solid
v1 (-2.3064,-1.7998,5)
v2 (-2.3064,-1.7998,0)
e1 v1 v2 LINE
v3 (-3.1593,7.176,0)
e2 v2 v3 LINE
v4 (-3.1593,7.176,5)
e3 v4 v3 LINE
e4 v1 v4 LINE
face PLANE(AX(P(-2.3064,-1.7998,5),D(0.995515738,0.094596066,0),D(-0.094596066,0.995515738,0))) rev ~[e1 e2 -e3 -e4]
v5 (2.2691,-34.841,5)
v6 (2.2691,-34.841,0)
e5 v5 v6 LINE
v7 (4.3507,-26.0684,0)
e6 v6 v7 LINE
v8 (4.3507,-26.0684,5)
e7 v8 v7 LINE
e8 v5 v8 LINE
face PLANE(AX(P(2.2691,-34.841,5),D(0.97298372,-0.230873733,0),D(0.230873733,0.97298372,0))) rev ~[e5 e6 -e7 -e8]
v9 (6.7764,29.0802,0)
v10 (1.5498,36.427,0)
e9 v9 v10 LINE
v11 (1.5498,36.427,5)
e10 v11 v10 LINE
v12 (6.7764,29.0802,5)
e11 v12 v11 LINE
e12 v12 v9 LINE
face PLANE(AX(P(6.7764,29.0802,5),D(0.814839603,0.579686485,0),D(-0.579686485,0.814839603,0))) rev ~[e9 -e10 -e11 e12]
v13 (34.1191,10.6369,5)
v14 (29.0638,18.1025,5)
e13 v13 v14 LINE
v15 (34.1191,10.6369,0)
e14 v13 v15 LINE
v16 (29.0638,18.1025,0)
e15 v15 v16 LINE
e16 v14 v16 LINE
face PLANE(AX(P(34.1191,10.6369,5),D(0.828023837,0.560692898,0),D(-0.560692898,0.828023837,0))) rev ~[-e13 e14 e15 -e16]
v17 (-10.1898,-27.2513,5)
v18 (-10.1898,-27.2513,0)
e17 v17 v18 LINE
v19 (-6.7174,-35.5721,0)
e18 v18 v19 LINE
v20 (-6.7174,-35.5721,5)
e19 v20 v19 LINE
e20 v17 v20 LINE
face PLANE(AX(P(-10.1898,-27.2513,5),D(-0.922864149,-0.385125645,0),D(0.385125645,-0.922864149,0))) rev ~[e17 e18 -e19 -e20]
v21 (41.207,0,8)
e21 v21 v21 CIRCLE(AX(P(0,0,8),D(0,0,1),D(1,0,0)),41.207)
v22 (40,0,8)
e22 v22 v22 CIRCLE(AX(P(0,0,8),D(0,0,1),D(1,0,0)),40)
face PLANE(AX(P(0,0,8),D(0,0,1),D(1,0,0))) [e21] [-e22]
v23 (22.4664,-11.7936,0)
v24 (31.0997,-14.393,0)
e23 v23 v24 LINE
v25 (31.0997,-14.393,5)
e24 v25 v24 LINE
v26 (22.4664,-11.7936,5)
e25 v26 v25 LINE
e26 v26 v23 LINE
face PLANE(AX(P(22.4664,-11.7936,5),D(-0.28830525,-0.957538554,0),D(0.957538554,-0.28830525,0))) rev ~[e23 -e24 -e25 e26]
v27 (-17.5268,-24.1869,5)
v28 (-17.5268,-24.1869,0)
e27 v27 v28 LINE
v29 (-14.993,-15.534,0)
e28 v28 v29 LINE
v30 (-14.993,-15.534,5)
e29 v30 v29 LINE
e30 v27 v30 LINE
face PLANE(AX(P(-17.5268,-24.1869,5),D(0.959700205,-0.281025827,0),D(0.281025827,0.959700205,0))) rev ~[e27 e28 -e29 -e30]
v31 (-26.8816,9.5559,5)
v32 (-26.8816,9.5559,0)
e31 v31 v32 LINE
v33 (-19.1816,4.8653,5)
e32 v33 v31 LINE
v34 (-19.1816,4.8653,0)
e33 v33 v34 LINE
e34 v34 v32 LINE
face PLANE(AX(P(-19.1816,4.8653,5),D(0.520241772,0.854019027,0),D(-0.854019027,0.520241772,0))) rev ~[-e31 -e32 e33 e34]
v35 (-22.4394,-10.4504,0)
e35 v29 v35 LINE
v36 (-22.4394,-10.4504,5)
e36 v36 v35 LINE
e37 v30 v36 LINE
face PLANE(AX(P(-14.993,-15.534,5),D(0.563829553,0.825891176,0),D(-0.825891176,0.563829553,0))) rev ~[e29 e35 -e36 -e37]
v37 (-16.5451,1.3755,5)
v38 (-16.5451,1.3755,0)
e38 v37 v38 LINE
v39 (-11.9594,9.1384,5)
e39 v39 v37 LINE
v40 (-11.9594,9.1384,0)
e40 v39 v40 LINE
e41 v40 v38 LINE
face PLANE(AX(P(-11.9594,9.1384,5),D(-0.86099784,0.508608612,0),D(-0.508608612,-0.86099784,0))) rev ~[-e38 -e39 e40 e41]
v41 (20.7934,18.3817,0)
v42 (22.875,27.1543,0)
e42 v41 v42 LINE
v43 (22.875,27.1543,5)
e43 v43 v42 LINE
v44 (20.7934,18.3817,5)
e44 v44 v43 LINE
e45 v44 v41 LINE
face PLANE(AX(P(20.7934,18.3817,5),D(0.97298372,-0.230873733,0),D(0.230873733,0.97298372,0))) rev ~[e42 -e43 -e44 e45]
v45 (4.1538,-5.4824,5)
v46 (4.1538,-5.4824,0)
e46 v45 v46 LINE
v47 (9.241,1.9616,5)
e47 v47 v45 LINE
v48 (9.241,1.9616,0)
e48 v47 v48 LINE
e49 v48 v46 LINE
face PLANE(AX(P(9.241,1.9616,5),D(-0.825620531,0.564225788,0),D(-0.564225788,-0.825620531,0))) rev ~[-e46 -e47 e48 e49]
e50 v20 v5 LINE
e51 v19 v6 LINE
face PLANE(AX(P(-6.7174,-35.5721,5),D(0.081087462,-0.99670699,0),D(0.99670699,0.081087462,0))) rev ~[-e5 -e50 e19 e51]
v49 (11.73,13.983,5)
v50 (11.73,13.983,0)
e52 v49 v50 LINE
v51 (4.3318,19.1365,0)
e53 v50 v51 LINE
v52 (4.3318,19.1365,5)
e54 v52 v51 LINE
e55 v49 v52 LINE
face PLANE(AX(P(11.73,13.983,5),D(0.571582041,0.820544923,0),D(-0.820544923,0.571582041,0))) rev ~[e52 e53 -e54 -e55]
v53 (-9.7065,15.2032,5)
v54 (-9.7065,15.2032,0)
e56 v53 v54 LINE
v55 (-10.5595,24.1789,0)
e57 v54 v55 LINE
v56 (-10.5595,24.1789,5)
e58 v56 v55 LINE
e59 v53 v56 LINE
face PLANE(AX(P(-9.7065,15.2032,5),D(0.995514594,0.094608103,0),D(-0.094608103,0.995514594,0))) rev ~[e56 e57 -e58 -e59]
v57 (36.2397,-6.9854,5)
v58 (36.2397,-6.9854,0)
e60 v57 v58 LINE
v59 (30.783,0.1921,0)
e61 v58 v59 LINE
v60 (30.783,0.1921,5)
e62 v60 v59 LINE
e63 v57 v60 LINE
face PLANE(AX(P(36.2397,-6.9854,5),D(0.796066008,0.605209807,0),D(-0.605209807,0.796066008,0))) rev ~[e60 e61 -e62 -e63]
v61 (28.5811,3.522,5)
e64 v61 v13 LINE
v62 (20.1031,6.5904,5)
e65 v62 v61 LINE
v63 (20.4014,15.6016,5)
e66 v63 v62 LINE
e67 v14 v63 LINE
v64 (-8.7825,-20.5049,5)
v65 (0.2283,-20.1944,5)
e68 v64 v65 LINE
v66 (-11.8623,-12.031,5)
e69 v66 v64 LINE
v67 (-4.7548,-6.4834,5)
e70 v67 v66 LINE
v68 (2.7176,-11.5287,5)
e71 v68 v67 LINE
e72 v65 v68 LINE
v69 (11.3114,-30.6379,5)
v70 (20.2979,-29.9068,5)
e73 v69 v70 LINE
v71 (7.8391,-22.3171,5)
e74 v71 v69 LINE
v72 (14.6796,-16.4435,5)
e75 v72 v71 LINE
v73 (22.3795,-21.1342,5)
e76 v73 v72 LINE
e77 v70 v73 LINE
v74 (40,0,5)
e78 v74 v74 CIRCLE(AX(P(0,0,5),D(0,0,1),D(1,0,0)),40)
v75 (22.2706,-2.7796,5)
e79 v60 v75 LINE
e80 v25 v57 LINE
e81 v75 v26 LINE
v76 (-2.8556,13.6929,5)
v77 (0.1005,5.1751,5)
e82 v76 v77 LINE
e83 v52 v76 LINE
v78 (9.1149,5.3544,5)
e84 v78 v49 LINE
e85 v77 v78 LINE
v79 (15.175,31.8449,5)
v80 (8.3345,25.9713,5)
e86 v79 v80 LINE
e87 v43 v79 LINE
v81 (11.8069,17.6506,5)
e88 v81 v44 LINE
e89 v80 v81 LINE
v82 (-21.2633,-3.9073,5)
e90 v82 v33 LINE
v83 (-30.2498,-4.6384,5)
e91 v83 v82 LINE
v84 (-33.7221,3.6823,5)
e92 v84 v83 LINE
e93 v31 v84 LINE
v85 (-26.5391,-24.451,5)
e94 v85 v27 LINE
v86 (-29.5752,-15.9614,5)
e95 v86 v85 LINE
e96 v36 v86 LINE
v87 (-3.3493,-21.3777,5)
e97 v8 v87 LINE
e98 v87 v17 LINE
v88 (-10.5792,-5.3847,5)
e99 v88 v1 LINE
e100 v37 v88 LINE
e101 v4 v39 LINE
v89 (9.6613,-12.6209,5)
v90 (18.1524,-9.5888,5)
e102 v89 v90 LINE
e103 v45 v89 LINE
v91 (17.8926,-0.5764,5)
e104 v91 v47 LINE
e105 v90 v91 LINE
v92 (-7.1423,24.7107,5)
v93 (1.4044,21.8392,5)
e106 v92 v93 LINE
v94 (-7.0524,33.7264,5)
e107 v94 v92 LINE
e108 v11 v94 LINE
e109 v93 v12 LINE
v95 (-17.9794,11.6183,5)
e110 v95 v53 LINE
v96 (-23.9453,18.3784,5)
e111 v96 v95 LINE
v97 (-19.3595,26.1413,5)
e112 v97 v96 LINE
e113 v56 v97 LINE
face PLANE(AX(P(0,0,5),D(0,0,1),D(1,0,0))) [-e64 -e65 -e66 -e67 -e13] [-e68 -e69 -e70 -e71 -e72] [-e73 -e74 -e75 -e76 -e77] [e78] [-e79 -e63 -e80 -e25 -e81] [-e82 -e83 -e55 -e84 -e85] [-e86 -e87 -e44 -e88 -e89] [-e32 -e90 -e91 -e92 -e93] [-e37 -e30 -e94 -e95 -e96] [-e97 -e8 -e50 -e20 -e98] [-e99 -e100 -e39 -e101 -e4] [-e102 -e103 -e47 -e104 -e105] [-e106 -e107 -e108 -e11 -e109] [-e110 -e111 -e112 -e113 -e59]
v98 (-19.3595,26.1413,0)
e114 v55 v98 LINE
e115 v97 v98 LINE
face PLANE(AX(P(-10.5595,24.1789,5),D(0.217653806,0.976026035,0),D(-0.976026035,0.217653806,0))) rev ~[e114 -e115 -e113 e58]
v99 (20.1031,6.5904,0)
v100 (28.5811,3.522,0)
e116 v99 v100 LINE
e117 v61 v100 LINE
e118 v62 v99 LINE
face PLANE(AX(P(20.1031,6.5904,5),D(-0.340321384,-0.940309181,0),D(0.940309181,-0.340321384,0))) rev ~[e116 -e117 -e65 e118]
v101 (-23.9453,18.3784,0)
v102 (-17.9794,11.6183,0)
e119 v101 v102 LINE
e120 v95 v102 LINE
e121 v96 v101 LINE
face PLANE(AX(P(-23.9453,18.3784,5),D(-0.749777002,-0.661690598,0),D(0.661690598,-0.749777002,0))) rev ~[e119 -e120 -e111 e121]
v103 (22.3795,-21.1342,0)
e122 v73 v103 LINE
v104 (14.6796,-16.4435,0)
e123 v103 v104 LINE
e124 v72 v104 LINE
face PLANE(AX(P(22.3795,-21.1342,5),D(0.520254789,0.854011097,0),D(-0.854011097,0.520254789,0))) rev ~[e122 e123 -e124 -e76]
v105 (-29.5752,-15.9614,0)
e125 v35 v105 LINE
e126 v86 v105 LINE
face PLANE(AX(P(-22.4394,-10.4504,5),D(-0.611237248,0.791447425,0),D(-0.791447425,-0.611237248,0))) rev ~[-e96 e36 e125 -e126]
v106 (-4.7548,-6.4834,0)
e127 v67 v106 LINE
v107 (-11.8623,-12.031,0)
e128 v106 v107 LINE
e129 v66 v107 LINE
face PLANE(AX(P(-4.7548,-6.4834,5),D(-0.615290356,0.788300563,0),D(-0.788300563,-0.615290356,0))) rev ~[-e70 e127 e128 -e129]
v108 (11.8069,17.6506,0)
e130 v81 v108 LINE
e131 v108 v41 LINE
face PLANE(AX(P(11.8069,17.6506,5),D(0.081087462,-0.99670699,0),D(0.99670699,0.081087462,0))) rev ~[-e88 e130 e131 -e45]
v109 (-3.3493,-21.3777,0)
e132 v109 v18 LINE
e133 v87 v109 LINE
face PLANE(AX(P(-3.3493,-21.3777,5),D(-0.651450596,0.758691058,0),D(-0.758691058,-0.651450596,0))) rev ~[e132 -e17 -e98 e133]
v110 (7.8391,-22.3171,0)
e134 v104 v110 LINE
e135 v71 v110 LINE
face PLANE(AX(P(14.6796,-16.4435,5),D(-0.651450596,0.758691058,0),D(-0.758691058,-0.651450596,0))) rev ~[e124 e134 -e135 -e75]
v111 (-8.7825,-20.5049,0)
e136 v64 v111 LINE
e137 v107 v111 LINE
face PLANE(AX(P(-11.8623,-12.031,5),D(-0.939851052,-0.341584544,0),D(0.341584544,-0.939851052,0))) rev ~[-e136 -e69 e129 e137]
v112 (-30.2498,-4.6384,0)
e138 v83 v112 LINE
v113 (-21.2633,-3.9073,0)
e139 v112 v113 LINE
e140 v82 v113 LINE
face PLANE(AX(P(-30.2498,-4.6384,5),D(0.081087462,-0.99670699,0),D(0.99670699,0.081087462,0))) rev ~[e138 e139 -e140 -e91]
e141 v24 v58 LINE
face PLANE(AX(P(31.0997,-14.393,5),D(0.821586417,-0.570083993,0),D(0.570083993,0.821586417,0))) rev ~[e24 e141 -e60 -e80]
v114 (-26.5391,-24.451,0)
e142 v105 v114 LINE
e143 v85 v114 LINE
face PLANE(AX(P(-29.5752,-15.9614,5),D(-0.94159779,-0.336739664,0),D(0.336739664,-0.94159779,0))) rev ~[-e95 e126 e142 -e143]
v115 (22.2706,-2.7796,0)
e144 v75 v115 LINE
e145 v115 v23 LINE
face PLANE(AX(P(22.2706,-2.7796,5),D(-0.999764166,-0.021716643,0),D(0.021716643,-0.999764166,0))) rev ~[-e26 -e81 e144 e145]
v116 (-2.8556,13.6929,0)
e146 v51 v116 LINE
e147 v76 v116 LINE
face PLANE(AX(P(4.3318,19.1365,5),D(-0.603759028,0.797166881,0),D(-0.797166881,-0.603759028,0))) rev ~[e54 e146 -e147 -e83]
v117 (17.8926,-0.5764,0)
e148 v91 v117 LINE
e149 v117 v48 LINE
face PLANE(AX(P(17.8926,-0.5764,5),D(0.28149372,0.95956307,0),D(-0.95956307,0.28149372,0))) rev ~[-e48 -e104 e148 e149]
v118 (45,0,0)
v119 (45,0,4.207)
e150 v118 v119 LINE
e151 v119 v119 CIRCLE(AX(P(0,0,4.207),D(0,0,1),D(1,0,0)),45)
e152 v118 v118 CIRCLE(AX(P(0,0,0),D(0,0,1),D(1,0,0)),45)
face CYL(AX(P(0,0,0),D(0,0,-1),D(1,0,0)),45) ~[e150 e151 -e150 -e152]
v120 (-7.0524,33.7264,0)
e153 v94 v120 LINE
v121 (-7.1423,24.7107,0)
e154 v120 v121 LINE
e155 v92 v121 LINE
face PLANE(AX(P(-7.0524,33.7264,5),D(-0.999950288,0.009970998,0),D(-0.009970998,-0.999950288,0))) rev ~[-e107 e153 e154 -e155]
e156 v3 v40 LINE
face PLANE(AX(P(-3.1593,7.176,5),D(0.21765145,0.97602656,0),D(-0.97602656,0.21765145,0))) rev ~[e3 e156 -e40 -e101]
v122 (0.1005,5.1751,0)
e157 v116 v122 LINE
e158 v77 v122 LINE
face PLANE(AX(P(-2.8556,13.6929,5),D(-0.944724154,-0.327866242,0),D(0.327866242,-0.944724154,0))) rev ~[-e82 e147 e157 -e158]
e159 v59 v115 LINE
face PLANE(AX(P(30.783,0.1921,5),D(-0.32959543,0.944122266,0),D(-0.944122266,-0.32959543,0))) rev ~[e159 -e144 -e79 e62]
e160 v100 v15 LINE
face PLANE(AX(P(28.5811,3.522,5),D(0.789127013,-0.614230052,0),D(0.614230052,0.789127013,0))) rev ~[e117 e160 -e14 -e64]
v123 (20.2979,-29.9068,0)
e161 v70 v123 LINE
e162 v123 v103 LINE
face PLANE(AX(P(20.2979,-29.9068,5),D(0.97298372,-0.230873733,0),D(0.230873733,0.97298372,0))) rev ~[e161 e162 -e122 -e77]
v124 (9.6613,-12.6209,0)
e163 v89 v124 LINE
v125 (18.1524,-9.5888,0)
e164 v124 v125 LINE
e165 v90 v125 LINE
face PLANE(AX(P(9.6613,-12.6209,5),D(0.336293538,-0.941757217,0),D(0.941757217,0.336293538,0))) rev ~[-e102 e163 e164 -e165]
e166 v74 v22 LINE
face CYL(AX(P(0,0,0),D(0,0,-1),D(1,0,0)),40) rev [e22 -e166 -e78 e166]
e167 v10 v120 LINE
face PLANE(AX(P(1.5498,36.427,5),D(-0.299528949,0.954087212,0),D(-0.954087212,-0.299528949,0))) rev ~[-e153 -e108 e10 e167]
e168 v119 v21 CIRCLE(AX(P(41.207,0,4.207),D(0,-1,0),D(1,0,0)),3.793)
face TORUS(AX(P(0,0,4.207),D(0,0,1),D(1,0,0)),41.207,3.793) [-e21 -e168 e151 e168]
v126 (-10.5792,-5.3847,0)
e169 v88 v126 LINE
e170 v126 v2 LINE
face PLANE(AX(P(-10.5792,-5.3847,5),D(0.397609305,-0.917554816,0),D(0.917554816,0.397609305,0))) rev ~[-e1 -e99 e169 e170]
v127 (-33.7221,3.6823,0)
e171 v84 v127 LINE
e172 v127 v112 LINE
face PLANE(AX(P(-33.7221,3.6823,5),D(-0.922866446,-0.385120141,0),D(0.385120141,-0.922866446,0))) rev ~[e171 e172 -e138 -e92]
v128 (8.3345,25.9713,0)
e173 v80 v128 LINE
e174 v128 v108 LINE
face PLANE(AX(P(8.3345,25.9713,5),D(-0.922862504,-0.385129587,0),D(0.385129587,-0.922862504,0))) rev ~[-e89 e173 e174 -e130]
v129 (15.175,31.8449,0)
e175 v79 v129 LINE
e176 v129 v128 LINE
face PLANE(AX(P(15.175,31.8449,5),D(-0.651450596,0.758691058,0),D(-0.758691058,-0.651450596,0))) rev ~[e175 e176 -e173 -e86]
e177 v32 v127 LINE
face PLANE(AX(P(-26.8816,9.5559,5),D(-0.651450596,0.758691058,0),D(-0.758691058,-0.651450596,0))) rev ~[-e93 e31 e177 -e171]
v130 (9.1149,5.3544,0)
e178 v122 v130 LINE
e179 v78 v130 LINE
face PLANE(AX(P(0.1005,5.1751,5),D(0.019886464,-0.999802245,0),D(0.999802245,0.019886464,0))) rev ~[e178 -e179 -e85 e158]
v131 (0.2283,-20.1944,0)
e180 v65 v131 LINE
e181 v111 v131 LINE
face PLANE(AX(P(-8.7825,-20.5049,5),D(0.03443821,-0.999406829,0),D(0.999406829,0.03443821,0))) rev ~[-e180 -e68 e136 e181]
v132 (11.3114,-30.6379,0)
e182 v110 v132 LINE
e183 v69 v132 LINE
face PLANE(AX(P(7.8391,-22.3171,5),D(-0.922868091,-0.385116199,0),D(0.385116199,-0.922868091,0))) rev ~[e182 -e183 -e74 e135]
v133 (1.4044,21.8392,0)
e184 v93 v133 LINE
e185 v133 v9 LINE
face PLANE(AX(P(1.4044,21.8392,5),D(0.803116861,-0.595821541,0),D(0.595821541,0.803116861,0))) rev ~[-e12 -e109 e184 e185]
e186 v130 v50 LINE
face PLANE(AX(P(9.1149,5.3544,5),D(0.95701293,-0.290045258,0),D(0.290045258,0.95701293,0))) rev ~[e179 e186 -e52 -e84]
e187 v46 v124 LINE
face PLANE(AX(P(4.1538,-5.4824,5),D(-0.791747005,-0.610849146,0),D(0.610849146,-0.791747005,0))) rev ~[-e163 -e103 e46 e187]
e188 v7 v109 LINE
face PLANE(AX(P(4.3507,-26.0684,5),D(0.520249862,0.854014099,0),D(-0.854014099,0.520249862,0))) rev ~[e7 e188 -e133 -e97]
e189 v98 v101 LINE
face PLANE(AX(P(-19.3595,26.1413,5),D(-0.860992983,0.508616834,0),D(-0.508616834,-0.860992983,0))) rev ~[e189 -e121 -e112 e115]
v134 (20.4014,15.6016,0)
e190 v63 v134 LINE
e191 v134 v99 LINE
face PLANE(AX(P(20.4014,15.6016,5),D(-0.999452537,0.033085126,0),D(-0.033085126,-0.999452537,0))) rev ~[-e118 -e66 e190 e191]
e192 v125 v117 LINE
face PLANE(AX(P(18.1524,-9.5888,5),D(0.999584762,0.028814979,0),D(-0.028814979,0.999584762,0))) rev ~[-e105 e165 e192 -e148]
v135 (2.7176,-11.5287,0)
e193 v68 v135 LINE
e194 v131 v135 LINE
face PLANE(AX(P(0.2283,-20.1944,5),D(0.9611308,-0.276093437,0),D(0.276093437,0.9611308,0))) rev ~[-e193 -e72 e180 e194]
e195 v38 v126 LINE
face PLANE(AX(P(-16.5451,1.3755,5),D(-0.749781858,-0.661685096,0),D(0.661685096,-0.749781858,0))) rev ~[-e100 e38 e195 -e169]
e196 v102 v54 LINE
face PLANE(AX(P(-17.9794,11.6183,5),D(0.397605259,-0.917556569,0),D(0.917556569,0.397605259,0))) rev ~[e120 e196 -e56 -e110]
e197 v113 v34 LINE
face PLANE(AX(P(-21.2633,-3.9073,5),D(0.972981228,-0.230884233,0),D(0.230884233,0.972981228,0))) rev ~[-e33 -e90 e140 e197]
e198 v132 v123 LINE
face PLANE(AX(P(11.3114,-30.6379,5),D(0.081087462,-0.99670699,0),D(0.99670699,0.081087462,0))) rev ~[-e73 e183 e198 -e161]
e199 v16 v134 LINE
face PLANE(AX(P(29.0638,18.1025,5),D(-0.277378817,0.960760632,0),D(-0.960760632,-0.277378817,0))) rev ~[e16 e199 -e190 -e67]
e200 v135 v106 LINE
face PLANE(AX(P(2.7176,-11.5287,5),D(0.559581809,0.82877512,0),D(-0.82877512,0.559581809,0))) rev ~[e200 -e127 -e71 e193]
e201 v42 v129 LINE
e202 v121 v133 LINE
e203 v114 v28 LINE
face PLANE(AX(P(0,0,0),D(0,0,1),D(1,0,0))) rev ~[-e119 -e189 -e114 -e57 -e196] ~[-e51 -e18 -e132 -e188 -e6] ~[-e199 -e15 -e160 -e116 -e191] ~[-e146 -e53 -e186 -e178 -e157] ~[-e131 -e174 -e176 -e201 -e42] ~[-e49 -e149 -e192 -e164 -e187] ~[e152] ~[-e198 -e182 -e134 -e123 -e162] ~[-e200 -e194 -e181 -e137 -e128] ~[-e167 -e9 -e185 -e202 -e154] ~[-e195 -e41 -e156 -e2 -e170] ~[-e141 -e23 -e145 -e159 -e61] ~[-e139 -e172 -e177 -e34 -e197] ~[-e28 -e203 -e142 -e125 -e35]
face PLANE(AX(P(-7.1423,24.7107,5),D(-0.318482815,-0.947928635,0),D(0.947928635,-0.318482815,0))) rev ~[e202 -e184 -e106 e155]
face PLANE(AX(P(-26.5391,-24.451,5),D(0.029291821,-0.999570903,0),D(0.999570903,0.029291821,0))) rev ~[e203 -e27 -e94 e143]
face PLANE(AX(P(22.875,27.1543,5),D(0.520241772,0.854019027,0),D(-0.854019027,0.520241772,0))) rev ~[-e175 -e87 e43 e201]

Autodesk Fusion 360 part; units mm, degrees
sketch "Sketch1" plane through (0, 0, 0) normal (0, 0, 1) x (1, 0, 0)
  circle A0 centre (0, 0) radius 45
  circle A1 centre (0, 0) radius 40
  dimension "d1" = 90
  dimension "d2" = -5
extrude "Extrude1" add sketch "Sketch1" along normal blind 8
extrude "Extrude2" add sketch "Sketch1" along normal blind 5 contours A1
sketch "Sketch2" plane through (0, 0, 5) normal (0, 0, 1) x (-1, 0, 0)
  line L0 (9.7065, -15.2032) -> (10.5595, -24.1789)
  line L1 (10.5595, -24.1789) -> (19.3595, -26.1413)
  line L2 (19.3595, -26.1413) -> (23.9453, -18.3784)
  line L3 (23.9453, -18.3784) -> (17.9794, -11.6183)
  line L4 (17.9794, -11.6183) -> (9.7065, -15.2032)
  line L5 (2.3064, 1.7998) -> (3.1593, -7.176)
  line L6 (16.5451, -1.3755) -> (10.5792, 5.3847)
  line L7 (10.5792, 5.3847) -> (2.3064, 1.7998)
  line L8 (3.1593, -7.176) -> (11.9594, -9.1384)
  line L9 (11.9594, -9.1384) -> (16.5451, -1.3755)
  line L10 (-0.1005, -5.1751) -> (-9.1149, -5.3544)
  line L11 (-11.73, -13.983) -> (-4.3318, -19.1365)
  line L12 (-4.3318, -19.1365) -> (2.8556, -13.6929)
  line L13 (-9.1149, -5.3544) -> (-11.73, -13.983)
  line L14 (2.8556, -13.6929) -> (-0.1005, -5.1751)
  line L15 (17.5268, 24.1869) -> (14.993, 15.534)
  line L16 (22.4394, 10.4504) -> (29.5752, 15.9614)
  line L17 (29.5752, 15.9614) -> (26.5391, 24.451)
  line L18 (14.993, 15.534) -> (22.4394, 10.4504)
  line L19 (26.5391, 24.451) -> (17.5268, 24.1869)
  line L20 (33.7221, -3.6823) -> (30.2498, 4.6384)
  line L21 (30.2498, 4.6384) -> (21.2633, 3.9073)
  line L22 (19.1816, -4.8653) -> (26.8816, -9.5559)
  line L23 (21.2633, 3.9073) -> (19.1816, -4.8653)
  line L24 (26.8816, -9.5559) -> (33.7221, -3.6823)
  line L25 (7.0524, -33.7264) -> (7.1423, -24.7107)
  line L26 (7.1423, -24.7107) -> (-1.4044, -21.8392)
  line L27 (-1.5498, -36.427) -> (7.0524, -33.7264)
  line L28 (-1.4044, -21.8392) -> (-6.7764, -29.0802)
  line L29 (-6.7764, -29.0802) -> (-1.5498, -36.427)
  line L30 (8.7825, 20.5049) -> (-0.2283, 20.1944)
  line L31 (4.7548, 6.4834) -> (11.8623, 12.031)
  line L32 (11.8623, 12.031) -> (8.7825, 20.5049)
  line L33 (-0.2283, 20.1944) -> (-2.7176, 11.5287)
  line L34 (-2.7176, 11.5287) -> (4.7548, 6.4834)
  line L35 (-9.6613, 12.6209) -> (-18.1524, 9.5888)
  line L36 (-4.1538, 5.4824) -> (-9.6613, 12.6209)
  line L37 (-17.8926, 0.5764) -> (-9.241, -1.9616)
  line L38 (-9.241, -1.9616) -> (-4.1538, 5.4824)
  line L39 (-18.1524, 9.5888) -> (-17.8926, 0.5764)
  line L40 (-29.0638, -18.1025) -> (-20.4014, -15.6016)
  line L41 (-20.1031, -6.5904) -> (-28.5811, -3.522)
  line L42 (-28.5811, -3.522) -> (-34.1191, -10.6369)
  line L43 (-34.1191, -10.6369) -> (-29.0638, -18.1025)
  line L44 (-20.4014, -15.6016) -> (-20.1031, -6.5904)
  line L45 (-20.2979, 29.9068) -> (-22.3795, 21.1342)
  line L46 (-14.6796, 16.4435) -> (-7.8391, 22.3171)
  line L47 (-22.3795, 21.1342) -> (-14.6796, 16.4435)
  line L48 (-7.8391, 22.3171) -> (-11.3114, 30.6379)
  line L49 (-11.3114, 30.6379) -> (-20.2979, 29.9068)
  line L50 (-22.4664, 11.7936) -> (-31.0997, 14.393)
  line L51 (-31.0997, 14.393) -> (-36.2397, 6.9854)
  line L52 (-30.783, -0.1921) -> (-22.2706, 2.7796)
  line L53 (-22.2706, 2.7796) -> (-22.4664, 11.7936)
  line L54 (-36.2397, 6.9854) -> (-30.783, -0.1921)
  line L55 (-4.3507, 26.0684) -> (3.3493, 21.3777)
  line L56 (10.1898, 27.2513) -> (6.7174, 35.5721)
  line L57 (3.3493, 21.3777) -> (10.1898, 27.2513)
  line L58 (-2.2691, 34.841) -> (-4.3507, 26.0684)
  line L59 (6.7174, 35.5721) -> (-2.2691, 34.841)
  line L60 (-15.175, -31.8449) -> (-8.3345, -25.9713)
  line L61 (-11.8069, -17.6506) -> (-20.7934, -18.3817)
  line L62 (-22.875, -27.1543) -> (-15.175, -31.8449)
  line L63 (-8.3345, -25.9713) -> (-11.8069, -17.6506)
  line L64 (-20.7934, -18.3817) -> (-22.875, -27.1543)
  point P0 (16.31, -19.104)
  point P1 (8.9099, -2.1011)
  point P2 (-4.4843, -11.4684)
  point P3 (22.2147, 18.1167)
  point P4 (26.2597, -1.9116)
  point P5 (0.8928, -29.1567)
  point P6 (4.4907, 14.1485)
  point P7 (-11.8202, 5.2614)
  point P8 (-26.4537, -10.8907)
  point P9 (-15.3015, 24.0879)
  point P10 (-28.5719, 7.1519)
  point P11 (6.7127, 26.555)
  point P12 (2.7273, 29.0221)
  point P13 (-15.797, -24.2006)
extrude "Extrude3" cut sketch "Sketch2" against normal through all
fillet "Fillet1" radius 3.793 1 edges at (-41.9547, -16.2727, 8)
